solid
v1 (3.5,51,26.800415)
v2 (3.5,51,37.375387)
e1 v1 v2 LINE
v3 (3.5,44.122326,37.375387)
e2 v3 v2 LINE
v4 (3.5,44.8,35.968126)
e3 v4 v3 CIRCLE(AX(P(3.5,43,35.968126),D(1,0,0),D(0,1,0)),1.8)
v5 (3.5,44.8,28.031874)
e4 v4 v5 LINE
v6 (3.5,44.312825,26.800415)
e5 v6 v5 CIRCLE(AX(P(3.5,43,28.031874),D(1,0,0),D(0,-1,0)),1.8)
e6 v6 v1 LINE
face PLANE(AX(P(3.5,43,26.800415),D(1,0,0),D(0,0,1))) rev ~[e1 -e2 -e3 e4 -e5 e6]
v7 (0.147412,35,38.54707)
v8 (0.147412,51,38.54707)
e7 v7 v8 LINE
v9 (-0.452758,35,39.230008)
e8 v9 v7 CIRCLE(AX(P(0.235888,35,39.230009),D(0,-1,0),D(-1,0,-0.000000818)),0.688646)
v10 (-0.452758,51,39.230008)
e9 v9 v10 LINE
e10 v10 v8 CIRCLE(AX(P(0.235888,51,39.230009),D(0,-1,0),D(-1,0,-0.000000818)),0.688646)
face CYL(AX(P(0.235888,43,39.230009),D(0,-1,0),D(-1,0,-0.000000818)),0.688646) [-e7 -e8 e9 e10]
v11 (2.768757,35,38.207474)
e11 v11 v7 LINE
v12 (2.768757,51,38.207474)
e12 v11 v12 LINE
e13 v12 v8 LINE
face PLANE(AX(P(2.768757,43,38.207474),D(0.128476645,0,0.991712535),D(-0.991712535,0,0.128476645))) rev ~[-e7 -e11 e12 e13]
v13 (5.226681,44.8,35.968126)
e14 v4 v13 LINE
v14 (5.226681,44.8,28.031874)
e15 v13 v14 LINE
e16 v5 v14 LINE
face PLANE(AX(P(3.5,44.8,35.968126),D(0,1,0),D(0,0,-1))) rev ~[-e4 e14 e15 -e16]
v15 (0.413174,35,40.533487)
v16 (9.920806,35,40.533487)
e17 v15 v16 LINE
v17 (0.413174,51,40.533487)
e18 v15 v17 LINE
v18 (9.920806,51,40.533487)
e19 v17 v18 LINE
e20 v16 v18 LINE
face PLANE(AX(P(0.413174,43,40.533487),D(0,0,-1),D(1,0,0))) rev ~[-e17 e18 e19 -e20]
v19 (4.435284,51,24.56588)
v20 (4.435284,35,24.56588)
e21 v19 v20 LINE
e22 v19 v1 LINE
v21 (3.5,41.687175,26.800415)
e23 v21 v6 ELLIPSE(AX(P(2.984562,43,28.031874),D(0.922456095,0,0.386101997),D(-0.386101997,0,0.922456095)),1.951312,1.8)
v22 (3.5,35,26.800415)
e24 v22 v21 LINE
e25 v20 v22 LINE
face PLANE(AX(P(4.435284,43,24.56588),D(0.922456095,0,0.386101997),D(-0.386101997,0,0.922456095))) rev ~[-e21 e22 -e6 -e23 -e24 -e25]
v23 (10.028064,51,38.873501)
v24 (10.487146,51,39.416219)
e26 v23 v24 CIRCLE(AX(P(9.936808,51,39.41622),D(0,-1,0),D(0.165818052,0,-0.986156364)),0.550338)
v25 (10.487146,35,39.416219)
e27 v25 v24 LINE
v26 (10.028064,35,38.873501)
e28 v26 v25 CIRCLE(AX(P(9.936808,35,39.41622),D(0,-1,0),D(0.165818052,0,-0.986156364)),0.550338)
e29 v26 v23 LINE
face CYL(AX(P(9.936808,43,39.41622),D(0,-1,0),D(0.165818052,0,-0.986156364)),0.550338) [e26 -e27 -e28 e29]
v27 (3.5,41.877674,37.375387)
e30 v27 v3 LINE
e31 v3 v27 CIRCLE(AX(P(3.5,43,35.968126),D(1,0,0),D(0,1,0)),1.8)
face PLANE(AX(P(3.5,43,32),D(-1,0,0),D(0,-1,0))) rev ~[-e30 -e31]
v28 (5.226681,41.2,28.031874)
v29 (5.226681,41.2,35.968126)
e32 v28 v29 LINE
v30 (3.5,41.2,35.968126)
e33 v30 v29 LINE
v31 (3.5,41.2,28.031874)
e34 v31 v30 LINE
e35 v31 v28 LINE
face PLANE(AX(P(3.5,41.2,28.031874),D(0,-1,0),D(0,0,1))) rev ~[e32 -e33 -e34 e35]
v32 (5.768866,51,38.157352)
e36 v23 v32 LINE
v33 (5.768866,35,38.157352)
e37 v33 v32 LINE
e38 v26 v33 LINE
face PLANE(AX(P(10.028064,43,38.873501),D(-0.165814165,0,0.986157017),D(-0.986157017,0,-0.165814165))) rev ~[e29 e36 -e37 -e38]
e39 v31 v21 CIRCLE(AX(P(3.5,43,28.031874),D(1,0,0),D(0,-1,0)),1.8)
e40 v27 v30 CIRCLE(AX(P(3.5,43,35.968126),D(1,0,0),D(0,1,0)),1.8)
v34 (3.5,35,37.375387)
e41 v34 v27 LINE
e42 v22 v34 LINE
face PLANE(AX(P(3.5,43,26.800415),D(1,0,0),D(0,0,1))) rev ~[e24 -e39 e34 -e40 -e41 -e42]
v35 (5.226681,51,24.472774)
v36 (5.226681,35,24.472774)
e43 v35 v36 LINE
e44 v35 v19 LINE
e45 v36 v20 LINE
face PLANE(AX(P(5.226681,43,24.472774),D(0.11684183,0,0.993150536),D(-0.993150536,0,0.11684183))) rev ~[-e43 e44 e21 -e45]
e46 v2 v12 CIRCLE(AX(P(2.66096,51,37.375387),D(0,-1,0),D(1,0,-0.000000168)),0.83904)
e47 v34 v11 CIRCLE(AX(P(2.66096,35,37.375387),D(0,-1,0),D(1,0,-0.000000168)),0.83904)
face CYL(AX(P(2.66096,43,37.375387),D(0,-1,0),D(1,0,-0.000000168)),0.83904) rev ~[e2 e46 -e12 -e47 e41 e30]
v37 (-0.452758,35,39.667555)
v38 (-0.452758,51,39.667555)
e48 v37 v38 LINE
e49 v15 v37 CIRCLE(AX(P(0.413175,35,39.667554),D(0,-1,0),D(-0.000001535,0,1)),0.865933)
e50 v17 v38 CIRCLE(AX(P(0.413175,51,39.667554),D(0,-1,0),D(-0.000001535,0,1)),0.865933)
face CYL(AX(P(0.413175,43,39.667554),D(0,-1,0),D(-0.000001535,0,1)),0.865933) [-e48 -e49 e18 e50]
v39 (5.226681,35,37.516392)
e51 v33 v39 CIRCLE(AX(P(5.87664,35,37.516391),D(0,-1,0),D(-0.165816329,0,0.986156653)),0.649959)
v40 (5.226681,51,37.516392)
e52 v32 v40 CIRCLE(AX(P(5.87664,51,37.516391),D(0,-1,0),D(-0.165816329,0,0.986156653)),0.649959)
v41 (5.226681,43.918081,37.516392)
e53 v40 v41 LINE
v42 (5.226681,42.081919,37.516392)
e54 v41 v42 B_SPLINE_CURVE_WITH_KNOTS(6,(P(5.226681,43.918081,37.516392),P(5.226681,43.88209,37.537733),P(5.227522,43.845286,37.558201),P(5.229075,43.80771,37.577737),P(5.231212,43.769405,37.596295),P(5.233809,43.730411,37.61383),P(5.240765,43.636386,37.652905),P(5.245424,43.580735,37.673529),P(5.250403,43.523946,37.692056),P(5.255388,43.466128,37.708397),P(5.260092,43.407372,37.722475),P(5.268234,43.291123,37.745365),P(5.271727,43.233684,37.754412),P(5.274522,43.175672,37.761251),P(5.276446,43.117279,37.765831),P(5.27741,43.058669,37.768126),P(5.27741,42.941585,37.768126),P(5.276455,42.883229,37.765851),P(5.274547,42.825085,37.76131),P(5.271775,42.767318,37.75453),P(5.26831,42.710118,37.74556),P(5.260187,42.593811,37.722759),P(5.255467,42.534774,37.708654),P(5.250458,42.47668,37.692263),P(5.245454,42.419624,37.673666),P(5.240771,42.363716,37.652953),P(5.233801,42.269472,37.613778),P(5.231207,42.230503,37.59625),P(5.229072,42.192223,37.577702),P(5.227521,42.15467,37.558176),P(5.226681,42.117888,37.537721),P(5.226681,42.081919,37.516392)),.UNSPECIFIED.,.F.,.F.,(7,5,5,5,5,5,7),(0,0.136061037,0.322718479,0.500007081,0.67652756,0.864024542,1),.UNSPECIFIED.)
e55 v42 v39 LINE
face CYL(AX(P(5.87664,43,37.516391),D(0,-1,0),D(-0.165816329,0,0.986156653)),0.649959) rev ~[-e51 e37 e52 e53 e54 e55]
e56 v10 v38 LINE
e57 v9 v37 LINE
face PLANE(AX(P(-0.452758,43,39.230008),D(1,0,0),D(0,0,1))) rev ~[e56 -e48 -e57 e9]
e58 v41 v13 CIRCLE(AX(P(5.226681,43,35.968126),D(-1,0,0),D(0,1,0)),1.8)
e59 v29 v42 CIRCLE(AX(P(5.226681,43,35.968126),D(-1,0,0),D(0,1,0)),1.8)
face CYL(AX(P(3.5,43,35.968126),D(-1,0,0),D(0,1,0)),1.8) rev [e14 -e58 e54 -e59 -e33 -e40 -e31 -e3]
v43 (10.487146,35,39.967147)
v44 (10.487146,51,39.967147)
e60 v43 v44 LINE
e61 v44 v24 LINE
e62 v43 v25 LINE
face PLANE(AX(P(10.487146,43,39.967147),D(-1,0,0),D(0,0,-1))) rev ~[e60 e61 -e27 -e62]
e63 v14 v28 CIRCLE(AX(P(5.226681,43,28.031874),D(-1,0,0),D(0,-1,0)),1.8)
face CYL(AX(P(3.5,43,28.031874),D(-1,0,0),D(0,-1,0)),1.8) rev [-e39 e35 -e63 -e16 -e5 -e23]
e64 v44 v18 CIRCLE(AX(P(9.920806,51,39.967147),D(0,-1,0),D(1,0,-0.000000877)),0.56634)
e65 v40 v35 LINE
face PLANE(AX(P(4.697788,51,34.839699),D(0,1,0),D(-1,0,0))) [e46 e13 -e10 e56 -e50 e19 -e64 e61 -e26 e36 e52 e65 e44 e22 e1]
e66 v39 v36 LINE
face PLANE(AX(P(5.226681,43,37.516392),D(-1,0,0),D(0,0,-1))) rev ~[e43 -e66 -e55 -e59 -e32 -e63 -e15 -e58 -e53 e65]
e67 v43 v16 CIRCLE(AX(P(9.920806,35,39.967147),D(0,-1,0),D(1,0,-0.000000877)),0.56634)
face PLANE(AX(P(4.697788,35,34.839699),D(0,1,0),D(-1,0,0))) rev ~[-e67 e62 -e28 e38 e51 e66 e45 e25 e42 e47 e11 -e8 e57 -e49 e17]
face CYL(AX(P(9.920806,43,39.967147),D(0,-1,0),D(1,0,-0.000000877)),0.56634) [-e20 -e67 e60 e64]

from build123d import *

# Parameters (mm, degrees)
EXTRUDE_DEPTH    = 10
EXTRUDE001_DEPTH = 8


with BuildPart() as syringe_lock_bolt_hole_extrude:
    # Sketch002 → Extrude (new body)
    with BuildSketch(Plane.YZ):
        with BuildLine():
            Line((-1.8, -3.968126), (-1.8, 3.968126))
            ThreePointArc((1.8, 3.968126), (0, 5.768126), (-1.8, 3.968126))
            Line((1.8, 3.968126), (1.8, -3.968126))
            ThreePointArc((-1.8, -3.968126), (0, -5.768126), (1.8, -3.968126))
        make_face()
    extrude(amount=EXTRUDE_DEPTH)


with BuildPart() as syringe_lock_cut:
    # Sketch003 → Extrude001 (new body, symmetric)
    with BuildSketch(Plane.XZ):
        with BuildLine():
            Line((0.935284, -7.43412), (0, -5.199585))
            Line((0, -5.199585), (0, 5.375387))
            ThreePointArc((0, 5.375387), (-0.208788, 5.929256), (-0.731243, 6.207474))
            Line((-0.731243, 6.207474), (-3.352588, 6.54707))
            ThreePointArc((-3.952758, 7.230008), (-3.781394, 6.775418), (-3.352588, 6.54707))
            Line((-3.952758, 7.230008), (-3.952758, 7.667555))
            ThreePointArc((-3.086826, 8.533487), (-3.699132, 8.279861), (-3.952758, 7.667555))
            Line((-3.086826, 8.533487), (6.420806, 8.533487))
            ThreePointArc((6.987146, 7.967147), (6.821269, 8.36761), (6.420806, 8.533487))
            Line((6.987146, 7.967147), (6.987146, 7.416219))
            ThreePointArc((6.528064, 6.873501), (6.856982, 7.060797), (6.987146, 7.416219))
            Line((6.528064, 6.873501), (2.268866, 6.157352))
            ThreePointArc((2.268866, 6.157352), (1.880407, 5.936152), (1.726681, 5.516392))
            Line((1.726681, 5.516392), (1.726681, -7.527226))
            Line((1.726681, -7.527226), (0.935284, -7.43412))
        make_face()
    extrude(amount=EXTRUDE001_DEPTH, both=True)

    # Cut011: cut syringe lock bolt hole extrude
    add(syringe_lock_bolt_hole_extrude.part, mode=Mode.SUBTRACT)


with BuildPart() as syringe_lock_cut_1:
    # Cut011 placement: moved
    add(syringe_lock_cut.part.moved(Location((3.5, 43, 32))))


solid = syringe_lock_cut_1.part
